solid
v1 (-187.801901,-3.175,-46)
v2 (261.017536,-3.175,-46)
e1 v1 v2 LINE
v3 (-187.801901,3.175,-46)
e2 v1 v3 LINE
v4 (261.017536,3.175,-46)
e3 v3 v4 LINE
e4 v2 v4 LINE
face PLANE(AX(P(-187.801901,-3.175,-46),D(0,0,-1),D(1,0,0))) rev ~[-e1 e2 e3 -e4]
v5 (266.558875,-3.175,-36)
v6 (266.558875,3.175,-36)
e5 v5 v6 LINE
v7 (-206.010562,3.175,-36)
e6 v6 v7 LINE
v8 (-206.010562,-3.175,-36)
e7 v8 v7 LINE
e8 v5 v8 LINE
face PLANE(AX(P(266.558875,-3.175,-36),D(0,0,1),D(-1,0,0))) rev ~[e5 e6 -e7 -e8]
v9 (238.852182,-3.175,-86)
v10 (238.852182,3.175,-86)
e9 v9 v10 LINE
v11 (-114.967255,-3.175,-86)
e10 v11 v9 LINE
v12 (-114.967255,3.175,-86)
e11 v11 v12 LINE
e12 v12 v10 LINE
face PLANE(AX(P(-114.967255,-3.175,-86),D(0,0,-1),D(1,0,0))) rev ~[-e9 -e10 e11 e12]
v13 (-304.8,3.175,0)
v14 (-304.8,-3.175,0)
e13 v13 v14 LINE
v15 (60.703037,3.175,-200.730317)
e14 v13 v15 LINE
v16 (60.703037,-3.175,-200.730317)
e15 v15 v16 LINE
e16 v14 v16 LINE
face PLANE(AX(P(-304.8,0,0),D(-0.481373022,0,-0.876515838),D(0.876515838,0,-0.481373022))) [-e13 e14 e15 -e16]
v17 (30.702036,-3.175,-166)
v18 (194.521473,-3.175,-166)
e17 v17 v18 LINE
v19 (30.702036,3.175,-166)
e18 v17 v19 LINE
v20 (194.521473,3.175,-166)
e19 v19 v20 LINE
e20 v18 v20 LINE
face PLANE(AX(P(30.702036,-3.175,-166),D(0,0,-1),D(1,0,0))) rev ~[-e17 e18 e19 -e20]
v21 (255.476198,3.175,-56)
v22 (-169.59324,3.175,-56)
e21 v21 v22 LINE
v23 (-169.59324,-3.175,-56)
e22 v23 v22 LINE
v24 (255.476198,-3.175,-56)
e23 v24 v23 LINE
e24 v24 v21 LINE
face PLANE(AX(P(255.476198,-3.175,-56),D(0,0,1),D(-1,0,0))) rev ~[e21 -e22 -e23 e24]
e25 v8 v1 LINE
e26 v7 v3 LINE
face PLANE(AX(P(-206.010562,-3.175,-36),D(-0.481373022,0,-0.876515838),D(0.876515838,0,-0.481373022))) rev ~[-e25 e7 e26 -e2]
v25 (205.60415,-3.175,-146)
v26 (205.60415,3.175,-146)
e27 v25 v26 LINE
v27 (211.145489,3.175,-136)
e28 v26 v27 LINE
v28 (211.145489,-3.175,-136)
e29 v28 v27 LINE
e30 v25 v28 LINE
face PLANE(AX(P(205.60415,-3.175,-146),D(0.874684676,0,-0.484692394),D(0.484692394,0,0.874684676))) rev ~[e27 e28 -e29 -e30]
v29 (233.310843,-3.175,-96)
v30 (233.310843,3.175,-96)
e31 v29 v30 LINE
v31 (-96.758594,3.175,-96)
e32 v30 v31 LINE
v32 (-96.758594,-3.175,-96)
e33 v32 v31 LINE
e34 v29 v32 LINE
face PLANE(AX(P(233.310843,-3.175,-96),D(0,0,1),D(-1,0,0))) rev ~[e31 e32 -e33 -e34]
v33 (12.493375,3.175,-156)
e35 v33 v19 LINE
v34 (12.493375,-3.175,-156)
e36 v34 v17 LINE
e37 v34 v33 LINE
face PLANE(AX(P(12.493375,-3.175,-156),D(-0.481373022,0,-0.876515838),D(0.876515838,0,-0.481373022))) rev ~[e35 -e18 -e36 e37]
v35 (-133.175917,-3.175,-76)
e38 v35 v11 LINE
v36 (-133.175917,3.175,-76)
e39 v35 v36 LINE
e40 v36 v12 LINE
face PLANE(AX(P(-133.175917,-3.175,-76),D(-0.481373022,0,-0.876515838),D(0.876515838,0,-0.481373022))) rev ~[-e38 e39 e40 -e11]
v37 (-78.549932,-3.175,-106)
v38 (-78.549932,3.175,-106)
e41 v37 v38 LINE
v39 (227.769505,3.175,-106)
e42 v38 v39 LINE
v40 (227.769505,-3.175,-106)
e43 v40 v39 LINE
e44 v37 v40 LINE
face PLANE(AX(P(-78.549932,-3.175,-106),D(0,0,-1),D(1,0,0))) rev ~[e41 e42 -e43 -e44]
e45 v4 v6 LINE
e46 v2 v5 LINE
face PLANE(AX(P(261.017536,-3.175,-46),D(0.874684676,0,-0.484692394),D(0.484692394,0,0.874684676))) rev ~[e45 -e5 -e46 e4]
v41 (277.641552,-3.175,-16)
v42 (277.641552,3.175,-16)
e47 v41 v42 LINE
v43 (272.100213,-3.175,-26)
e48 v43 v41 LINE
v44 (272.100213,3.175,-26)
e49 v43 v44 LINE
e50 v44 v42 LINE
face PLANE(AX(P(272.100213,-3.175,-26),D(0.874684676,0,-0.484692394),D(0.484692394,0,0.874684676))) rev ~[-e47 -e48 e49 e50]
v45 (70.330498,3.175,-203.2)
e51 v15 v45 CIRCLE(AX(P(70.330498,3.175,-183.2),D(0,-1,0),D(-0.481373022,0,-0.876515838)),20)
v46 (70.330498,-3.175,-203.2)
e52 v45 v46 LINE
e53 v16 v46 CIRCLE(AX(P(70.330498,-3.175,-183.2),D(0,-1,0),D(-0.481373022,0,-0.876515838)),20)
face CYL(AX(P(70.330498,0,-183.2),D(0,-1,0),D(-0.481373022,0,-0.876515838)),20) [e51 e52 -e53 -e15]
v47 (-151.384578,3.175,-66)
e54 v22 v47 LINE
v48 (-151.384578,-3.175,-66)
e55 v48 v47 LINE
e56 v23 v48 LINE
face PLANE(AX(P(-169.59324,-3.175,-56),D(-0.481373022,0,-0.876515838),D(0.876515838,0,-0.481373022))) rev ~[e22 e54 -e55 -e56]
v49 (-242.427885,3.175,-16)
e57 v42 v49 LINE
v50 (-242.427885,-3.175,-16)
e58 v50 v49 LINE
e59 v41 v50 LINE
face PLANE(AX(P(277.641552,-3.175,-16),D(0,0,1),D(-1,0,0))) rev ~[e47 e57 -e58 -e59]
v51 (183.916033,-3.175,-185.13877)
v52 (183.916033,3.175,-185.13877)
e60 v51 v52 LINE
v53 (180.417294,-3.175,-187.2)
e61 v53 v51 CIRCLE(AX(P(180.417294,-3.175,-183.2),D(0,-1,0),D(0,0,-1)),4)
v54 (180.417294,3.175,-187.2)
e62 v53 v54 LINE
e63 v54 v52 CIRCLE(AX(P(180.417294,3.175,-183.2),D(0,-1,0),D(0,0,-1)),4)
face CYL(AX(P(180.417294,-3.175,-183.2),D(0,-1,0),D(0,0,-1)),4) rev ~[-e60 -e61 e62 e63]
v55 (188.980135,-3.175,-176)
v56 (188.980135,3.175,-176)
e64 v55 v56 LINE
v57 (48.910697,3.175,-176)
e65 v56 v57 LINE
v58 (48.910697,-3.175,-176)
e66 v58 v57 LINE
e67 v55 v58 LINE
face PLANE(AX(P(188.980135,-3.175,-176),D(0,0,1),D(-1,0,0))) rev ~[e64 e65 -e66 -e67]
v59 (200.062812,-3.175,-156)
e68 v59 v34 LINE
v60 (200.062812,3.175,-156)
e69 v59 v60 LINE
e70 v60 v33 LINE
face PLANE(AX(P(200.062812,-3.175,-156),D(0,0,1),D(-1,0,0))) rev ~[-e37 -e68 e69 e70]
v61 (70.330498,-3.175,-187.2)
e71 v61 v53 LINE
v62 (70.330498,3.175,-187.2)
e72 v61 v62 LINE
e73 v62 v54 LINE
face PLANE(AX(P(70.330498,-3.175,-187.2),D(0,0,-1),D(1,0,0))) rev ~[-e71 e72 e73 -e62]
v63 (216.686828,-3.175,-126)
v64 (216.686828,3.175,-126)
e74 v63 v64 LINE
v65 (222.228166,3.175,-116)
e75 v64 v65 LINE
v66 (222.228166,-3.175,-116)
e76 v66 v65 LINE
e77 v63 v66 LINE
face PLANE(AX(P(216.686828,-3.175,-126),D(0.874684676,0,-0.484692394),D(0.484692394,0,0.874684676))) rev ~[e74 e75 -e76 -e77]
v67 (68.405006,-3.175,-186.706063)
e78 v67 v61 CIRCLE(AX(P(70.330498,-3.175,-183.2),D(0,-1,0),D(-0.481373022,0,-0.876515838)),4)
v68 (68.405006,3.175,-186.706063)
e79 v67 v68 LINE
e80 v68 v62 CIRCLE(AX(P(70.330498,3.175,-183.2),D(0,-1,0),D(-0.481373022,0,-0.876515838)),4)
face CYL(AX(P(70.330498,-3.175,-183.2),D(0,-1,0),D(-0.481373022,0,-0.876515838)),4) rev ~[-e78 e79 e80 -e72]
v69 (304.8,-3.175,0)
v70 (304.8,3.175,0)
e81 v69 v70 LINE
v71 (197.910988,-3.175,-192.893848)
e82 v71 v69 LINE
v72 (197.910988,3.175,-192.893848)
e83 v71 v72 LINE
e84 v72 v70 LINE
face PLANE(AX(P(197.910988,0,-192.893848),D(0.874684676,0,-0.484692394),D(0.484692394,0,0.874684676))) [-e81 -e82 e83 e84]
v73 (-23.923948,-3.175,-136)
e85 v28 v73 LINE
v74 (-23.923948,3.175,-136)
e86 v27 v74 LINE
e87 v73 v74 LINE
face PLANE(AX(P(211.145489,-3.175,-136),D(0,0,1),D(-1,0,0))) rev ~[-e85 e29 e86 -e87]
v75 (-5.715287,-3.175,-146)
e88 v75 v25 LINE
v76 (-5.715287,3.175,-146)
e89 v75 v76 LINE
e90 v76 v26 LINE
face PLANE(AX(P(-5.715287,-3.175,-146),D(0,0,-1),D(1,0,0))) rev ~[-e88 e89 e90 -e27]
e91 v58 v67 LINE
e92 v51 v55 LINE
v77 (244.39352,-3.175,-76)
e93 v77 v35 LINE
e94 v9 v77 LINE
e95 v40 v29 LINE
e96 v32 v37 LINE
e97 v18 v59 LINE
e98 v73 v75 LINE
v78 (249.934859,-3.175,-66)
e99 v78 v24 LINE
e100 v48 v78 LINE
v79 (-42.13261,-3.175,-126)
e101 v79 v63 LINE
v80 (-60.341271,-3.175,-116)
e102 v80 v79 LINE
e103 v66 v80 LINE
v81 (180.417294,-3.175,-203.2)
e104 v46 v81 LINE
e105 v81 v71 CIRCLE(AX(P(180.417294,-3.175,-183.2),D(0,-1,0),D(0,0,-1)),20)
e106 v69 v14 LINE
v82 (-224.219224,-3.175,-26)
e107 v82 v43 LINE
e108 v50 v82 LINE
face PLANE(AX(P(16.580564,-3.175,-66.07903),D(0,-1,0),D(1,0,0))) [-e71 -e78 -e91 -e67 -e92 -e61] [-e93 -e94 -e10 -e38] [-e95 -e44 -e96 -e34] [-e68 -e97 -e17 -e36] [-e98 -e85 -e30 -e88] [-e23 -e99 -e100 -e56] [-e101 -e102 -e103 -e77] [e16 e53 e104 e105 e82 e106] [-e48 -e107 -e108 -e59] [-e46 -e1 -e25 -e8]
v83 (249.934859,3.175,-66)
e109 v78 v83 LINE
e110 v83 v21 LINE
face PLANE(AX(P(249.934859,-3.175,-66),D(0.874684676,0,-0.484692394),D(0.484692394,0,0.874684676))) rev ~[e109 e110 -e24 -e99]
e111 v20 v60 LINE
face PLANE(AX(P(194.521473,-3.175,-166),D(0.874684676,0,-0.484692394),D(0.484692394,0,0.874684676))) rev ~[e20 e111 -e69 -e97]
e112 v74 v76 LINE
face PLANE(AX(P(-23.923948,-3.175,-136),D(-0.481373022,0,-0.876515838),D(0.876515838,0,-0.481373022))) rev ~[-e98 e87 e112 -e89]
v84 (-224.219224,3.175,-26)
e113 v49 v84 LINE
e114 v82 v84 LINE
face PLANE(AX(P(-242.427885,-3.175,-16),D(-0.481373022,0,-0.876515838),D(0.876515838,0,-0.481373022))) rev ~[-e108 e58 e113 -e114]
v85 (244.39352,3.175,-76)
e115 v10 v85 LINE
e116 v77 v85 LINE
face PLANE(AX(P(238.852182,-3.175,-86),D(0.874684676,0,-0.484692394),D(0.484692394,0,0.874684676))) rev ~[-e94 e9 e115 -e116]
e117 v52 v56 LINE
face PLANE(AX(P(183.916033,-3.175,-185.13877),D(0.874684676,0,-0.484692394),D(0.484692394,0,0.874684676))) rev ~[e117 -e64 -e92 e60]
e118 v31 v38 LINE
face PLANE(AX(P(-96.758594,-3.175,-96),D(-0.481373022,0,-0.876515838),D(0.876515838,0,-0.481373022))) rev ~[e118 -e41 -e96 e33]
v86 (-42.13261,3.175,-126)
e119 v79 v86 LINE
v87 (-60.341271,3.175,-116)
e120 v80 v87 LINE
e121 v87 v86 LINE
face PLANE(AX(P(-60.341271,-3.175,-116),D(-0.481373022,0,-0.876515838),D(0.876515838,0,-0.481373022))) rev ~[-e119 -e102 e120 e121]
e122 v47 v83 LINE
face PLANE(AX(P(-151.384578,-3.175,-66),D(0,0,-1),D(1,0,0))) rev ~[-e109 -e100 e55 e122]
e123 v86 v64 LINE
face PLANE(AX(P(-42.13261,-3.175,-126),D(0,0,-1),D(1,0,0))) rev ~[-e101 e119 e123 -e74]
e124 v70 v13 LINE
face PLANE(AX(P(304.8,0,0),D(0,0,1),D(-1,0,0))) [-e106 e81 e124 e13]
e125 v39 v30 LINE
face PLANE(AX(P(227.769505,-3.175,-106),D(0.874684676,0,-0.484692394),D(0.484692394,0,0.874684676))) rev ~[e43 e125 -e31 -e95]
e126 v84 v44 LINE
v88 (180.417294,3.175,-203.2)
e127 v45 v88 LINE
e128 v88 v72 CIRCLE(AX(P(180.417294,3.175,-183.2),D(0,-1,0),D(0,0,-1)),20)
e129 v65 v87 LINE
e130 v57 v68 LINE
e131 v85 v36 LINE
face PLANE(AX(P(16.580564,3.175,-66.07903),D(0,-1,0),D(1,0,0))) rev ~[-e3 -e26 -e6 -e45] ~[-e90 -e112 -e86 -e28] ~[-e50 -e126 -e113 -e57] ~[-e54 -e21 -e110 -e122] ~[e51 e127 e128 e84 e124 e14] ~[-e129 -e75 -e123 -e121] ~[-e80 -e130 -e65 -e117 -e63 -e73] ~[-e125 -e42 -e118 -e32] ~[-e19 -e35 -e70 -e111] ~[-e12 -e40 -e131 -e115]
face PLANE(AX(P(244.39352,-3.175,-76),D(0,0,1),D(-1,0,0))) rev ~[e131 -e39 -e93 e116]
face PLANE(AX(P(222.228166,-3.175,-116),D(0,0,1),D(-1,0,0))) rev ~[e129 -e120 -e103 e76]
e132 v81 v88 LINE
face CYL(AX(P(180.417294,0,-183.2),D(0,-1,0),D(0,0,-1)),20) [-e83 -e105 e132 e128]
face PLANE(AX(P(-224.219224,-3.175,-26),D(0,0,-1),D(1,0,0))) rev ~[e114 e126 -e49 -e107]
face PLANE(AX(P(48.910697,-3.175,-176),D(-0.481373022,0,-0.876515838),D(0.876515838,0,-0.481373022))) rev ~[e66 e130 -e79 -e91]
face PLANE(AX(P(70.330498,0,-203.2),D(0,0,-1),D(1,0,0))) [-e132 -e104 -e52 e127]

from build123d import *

# Parameters (mm, degrees)
F1_DEPTH = 3.175
F3_DEPTH = 6.351


with BuildPart() as f1:
    # F0 (on Front) → F1 (new body, symmetric)
    with BuildSketch(Plane.XZ):
        with BuildLine():
            Line((304.8, 0), (-304.8, 0))
            Line((-304.8, 0), (60.7030373924, -200.7303167517))
            ThreePointArc((60.7030373924, -200.7303167517), (65.3609070594, -202.5727429012), (70.3304978356, -203.2))
            Line((70.3304978356, -203.2), (180.4172943094, -203.2))
            ThreePointArc((180.4172943094, -203.2), (190.56921635, -200.4319029384), (197.9109878337, -192.893847888))
            Line((197.9109878337, -192.893847888), (304.8, 0))
        make_face()
    extrude(amount=F1_DEPTH, both=True)

    # F2 (on face) → F3 (cut, through all)
    with BuildSketch(Plane.XZ.offset(3.175)):
        Polygon((277.6415519829, -16), (-242.4278851961, -16), (-224.2192237788, -26), (272.1002134002, -26), align=None)
        with BuildLine():
            Line((48.910697481, -176), (68.4050057469, -186.7060633503))
            ThreePointArc((68.4050057469, -186.7060633503), (69.3365796803, -187.0745485802), (70.3304978356, -187.2))
            Line((70.3304978356, -187.2), (180.4172943094, -187.2))
            ThreePointArc((180.4172943094, -187.2), (182.4476787175, -186.6463805877), (183.9160330142, -185.1387695776))
            Line((183.9160330142, -185.1387695776), (188.9801346601, -176))
            Line((188.9801346601, -176), (48.910697481, -176))
        make_face()
        Polygon((266.5588748176, -36), (-206.0105623615, -36), (-187.8019009442, -46), (261.0175362349, -46), align=None)
        Polygon((255.4761976522, -56), (-169.5932395268, -56), (-151.3845781095, -66), (249.9348590695, -66), align=None)
        Polygon((244.3935204869, -76), (-133.1759166922, -76), (-114.9672552749, -86), (238.8521819042, -86), align=None)
        Polygon((233.3108433215, -96), (-96.7585938575, -96), (-78.5499324402, -106), (227.7695047388, -106), align=None)
        Polygon((222.2281661561, -116), (-60.3412710229, -116), (-42.1326096056, -126), (216.6868275735, -126), align=None)
        Polygon((211.1454889908, -136), (-23.9239481883, -136), (-5.7152867709, -146), (205.6041504081, -146), align=None)
        Polygon((200.0628118254, -156), (12.4933746464, -156), (30.7020360637, -166), (194.5214732428, -166), align=None)
    extrude(amount=-F3_DEPTH, mode=Mode.SUBTRACT)


solid = f1.part
